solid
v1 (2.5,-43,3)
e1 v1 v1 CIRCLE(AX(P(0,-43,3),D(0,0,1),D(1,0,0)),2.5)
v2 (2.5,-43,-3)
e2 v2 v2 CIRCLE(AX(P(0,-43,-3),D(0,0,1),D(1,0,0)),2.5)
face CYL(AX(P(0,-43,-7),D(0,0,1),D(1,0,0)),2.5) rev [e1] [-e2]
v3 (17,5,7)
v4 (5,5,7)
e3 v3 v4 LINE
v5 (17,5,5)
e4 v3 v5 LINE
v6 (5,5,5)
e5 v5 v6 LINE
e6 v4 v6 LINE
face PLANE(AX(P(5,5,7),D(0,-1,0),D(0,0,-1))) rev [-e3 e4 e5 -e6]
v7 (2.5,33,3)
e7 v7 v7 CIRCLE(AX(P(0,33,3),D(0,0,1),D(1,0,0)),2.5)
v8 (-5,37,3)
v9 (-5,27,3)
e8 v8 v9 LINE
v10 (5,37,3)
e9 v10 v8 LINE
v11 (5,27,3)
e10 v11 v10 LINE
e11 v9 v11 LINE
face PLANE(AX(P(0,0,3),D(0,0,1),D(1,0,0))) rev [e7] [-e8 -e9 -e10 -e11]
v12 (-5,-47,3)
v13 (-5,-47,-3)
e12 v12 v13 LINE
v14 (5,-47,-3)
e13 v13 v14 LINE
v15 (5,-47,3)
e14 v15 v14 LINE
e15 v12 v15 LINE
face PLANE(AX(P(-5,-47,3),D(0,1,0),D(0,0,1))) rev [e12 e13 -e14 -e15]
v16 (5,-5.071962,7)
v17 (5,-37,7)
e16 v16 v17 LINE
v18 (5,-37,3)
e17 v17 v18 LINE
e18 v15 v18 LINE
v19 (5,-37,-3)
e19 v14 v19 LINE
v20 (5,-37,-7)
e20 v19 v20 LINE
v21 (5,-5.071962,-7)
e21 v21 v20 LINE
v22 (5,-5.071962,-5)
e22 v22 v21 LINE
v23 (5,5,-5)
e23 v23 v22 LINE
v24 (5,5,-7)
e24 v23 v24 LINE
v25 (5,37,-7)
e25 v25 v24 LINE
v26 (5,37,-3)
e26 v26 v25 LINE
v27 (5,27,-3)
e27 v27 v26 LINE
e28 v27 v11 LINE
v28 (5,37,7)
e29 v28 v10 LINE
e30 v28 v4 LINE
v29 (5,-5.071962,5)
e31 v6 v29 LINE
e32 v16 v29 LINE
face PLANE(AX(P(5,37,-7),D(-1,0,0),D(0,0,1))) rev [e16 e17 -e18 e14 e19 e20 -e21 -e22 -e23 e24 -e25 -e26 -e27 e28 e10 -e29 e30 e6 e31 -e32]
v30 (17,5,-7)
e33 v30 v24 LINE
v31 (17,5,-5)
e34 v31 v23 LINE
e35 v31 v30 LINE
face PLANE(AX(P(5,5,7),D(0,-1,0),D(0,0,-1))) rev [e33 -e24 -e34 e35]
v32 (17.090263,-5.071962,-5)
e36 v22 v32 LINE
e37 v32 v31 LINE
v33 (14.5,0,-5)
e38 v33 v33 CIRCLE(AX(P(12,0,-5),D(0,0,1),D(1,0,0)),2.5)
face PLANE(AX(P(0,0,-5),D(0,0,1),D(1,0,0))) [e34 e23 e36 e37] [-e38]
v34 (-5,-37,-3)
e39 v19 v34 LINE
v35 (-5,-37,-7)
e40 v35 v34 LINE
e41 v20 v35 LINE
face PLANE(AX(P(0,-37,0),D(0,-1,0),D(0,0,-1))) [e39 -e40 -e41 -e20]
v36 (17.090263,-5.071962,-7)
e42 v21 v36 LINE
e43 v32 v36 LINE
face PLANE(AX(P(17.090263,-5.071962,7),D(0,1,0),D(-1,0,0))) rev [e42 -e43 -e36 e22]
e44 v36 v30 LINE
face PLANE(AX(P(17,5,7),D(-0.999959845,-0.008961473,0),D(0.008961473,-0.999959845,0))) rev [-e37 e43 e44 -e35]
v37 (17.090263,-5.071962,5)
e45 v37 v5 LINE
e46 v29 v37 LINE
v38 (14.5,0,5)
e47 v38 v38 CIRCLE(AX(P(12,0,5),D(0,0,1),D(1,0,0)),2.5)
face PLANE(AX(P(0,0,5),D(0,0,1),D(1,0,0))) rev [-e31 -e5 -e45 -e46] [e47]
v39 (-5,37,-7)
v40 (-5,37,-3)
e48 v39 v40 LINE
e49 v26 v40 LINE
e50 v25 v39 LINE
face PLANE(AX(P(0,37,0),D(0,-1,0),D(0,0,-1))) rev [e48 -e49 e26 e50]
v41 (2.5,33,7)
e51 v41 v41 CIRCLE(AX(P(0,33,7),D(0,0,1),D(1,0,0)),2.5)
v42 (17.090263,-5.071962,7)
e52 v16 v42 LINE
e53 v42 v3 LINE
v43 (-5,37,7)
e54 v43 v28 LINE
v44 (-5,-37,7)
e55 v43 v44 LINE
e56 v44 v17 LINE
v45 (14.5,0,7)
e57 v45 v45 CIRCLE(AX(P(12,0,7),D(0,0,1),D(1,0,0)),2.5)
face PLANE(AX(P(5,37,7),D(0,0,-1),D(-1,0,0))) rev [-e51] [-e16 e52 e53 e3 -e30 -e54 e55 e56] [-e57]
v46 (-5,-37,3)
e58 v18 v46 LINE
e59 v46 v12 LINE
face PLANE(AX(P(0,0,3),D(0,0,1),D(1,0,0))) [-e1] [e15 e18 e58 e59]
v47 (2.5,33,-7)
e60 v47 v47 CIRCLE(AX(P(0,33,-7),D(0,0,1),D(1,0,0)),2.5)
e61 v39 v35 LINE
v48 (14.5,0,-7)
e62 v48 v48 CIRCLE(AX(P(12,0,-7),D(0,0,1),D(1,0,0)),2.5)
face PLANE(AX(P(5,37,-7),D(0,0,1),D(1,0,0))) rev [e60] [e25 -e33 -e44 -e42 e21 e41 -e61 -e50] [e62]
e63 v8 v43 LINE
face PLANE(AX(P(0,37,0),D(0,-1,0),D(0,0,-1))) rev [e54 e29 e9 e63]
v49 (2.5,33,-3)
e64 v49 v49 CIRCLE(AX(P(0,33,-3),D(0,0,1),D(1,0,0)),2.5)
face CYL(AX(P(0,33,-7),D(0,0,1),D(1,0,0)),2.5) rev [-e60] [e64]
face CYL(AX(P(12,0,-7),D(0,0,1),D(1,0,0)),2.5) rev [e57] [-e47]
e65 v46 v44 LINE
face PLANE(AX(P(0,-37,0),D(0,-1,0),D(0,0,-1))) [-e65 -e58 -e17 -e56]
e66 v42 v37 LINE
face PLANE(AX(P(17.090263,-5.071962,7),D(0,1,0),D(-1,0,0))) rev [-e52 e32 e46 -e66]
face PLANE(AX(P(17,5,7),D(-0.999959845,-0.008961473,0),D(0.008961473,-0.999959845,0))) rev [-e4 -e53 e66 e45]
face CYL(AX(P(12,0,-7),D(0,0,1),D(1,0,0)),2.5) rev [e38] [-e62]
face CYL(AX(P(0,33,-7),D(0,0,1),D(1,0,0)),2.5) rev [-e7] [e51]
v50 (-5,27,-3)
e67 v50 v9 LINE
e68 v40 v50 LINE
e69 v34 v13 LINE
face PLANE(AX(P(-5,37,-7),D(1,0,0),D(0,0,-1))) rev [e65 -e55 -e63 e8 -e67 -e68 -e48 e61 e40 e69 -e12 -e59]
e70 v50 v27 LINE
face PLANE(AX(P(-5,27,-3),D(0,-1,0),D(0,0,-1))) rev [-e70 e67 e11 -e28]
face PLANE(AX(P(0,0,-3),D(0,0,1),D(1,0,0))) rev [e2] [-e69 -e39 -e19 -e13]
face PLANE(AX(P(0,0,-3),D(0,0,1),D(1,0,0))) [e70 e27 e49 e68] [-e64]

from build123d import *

# Parameters (mm, degrees)
SKETCH_1_W                = 10
SKETCH_1_H                = 14
EXTRUDE_1_DEPTH           = 37
EXTRUDE_3_DEPTH           = 7
SKETCH_8_W                = 12.090263245
SKETCH_8_H                = 10.07196207
CUT_EXTRUDE_3_DEPTH       = 5
SKETCH_10_R               = 2.5
CUT_EXTRUDE_4_DEPTH       = 8
CUT_EXTRUDE_4_DEPTH_BACK  = 8
SKETCH_14_W               = 10
SKETCH_14_H               = 10
CUT_EXTRUDE_8_DEPTH       = 3
SKETCH_15_W               = 10
SKETCH_15_H               = 10
EXTRUDE_4_DEPTH           = 3
SKETCH_16_R               = 2.5
CUT_EXTRUDE_9_DEPTH       = 8
CUT_EXTRUDE_9_DEPTH_BACK  = 8
SKETCH_17_R               = 2.5
CUT_EXTRUDE_10_DEPTH      = 8
CUT_EXTRUDE_10_DEPTH_BACK = 8


with BuildPart() as part:
    # 草图1 → 凸台-拉伸1 (new body, symmetric)
    with BuildSketch(Plane(origin=(0, 0, 0), x_dir=(1, 0, 0), z_dir=(0, 1, 0))):
        Rectangle(SKETCH_1_W, SKETCH_1_H)
    extrude(amount=EXTRUDE_1_DEPTH, both=True)

    # 草图7 → 凸台-拉伸3 (add, symmetric)
    with BuildSketch(Plane.XY):
        Polygon((5, 5), (17, 5), (17.090263245, -5.07196207), (5, -5.07196207), align=None)
    extrude(amount=EXTRUDE_3_DEPTH, both=True)

    # 草图8 → 切除-拉伸3 (cut, symmetric)
    with BuildSketch(Plane.XY):
        with Locations((11.045131623, -0.035981035)):
            Rectangle(SKETCH_8_W, SKETCH_8_H)
    extrude(amount=CUT_EXTRUDE_3_DEPTH, both=True, mode=Mode.SUBTRACT)

    # 草图10 → 切除-拉伸4 (cut, two sides)
    with BuildSketch(Plane.XY) as cut_extrude_4_sk:
        with Locations((12, 0)):
            Circle(SKETCH_10_R)
    extrude(amount=CUT_EXTRUDE_4_DEPTH, mode=Mode.SUBTRACT)
    extrude(cut_extrude_4_sk.sketch, amount=-CUT_EXTRUDE_4_DEPTH_BACK, mode=Mode.SUBTRACT)

    # 草图14 → 切除-拉伸8 (cut, symmetric)
    with BuildSketch(Plane.XY):
        with Locations((0, 32)):
            Rectangle(SKETCH_14_W, SKETCH_14_H)
    extrude(amount=CUT_EXTRUDE_8_DEPTH, both=True, mode=Mode.SUBTRACT)

    # 草图15 → 凸台-拉伸4 (add, symmetric)
    with BuildSketch(Plane.XY):
        with Locations((0, -42)):
            Rectangle(SKETCH_15_W, SKETCH_15_H)
    extrude(amount=EXTRUDE_4_DEPTH, both=True)

    # 草图16 → 切除-拉伸9 (cut, two sides)
    with BuildSketch(Plane.XY) as cut_extrude_9_sk:
        with Locations((0, 33)):
            Circle(SKETCH_16_R)
    extrude(amount=CUT_EXTRUDE_9_DEPTH, mode=Mode.SUBTRACT)
    extrude(cut_extrude_9_sk.sketch, amount=-CUT_EXTRUDE_9_DEPTH_BACK, mode=Mode.SUBTRACT)

    # 草图17 → 切除-拉伸10 (cut, two sides)
    with BuildSketch(Plane.XY) as cut_extrude_10_sk:
        with Locations((0, -43)):
            Circle(SKETCH_17_R)
    extrude(amount=CUT_EXTRUDE_10_DEPTH, mode=Mode.SUBTRACT)
    extrude(cut_extrude_10_sk.sketch, amount=-CUT_EXTRUDE_10_DEPTH_BACK, mode=Mode.SUBTRACT)


solid = part.part
